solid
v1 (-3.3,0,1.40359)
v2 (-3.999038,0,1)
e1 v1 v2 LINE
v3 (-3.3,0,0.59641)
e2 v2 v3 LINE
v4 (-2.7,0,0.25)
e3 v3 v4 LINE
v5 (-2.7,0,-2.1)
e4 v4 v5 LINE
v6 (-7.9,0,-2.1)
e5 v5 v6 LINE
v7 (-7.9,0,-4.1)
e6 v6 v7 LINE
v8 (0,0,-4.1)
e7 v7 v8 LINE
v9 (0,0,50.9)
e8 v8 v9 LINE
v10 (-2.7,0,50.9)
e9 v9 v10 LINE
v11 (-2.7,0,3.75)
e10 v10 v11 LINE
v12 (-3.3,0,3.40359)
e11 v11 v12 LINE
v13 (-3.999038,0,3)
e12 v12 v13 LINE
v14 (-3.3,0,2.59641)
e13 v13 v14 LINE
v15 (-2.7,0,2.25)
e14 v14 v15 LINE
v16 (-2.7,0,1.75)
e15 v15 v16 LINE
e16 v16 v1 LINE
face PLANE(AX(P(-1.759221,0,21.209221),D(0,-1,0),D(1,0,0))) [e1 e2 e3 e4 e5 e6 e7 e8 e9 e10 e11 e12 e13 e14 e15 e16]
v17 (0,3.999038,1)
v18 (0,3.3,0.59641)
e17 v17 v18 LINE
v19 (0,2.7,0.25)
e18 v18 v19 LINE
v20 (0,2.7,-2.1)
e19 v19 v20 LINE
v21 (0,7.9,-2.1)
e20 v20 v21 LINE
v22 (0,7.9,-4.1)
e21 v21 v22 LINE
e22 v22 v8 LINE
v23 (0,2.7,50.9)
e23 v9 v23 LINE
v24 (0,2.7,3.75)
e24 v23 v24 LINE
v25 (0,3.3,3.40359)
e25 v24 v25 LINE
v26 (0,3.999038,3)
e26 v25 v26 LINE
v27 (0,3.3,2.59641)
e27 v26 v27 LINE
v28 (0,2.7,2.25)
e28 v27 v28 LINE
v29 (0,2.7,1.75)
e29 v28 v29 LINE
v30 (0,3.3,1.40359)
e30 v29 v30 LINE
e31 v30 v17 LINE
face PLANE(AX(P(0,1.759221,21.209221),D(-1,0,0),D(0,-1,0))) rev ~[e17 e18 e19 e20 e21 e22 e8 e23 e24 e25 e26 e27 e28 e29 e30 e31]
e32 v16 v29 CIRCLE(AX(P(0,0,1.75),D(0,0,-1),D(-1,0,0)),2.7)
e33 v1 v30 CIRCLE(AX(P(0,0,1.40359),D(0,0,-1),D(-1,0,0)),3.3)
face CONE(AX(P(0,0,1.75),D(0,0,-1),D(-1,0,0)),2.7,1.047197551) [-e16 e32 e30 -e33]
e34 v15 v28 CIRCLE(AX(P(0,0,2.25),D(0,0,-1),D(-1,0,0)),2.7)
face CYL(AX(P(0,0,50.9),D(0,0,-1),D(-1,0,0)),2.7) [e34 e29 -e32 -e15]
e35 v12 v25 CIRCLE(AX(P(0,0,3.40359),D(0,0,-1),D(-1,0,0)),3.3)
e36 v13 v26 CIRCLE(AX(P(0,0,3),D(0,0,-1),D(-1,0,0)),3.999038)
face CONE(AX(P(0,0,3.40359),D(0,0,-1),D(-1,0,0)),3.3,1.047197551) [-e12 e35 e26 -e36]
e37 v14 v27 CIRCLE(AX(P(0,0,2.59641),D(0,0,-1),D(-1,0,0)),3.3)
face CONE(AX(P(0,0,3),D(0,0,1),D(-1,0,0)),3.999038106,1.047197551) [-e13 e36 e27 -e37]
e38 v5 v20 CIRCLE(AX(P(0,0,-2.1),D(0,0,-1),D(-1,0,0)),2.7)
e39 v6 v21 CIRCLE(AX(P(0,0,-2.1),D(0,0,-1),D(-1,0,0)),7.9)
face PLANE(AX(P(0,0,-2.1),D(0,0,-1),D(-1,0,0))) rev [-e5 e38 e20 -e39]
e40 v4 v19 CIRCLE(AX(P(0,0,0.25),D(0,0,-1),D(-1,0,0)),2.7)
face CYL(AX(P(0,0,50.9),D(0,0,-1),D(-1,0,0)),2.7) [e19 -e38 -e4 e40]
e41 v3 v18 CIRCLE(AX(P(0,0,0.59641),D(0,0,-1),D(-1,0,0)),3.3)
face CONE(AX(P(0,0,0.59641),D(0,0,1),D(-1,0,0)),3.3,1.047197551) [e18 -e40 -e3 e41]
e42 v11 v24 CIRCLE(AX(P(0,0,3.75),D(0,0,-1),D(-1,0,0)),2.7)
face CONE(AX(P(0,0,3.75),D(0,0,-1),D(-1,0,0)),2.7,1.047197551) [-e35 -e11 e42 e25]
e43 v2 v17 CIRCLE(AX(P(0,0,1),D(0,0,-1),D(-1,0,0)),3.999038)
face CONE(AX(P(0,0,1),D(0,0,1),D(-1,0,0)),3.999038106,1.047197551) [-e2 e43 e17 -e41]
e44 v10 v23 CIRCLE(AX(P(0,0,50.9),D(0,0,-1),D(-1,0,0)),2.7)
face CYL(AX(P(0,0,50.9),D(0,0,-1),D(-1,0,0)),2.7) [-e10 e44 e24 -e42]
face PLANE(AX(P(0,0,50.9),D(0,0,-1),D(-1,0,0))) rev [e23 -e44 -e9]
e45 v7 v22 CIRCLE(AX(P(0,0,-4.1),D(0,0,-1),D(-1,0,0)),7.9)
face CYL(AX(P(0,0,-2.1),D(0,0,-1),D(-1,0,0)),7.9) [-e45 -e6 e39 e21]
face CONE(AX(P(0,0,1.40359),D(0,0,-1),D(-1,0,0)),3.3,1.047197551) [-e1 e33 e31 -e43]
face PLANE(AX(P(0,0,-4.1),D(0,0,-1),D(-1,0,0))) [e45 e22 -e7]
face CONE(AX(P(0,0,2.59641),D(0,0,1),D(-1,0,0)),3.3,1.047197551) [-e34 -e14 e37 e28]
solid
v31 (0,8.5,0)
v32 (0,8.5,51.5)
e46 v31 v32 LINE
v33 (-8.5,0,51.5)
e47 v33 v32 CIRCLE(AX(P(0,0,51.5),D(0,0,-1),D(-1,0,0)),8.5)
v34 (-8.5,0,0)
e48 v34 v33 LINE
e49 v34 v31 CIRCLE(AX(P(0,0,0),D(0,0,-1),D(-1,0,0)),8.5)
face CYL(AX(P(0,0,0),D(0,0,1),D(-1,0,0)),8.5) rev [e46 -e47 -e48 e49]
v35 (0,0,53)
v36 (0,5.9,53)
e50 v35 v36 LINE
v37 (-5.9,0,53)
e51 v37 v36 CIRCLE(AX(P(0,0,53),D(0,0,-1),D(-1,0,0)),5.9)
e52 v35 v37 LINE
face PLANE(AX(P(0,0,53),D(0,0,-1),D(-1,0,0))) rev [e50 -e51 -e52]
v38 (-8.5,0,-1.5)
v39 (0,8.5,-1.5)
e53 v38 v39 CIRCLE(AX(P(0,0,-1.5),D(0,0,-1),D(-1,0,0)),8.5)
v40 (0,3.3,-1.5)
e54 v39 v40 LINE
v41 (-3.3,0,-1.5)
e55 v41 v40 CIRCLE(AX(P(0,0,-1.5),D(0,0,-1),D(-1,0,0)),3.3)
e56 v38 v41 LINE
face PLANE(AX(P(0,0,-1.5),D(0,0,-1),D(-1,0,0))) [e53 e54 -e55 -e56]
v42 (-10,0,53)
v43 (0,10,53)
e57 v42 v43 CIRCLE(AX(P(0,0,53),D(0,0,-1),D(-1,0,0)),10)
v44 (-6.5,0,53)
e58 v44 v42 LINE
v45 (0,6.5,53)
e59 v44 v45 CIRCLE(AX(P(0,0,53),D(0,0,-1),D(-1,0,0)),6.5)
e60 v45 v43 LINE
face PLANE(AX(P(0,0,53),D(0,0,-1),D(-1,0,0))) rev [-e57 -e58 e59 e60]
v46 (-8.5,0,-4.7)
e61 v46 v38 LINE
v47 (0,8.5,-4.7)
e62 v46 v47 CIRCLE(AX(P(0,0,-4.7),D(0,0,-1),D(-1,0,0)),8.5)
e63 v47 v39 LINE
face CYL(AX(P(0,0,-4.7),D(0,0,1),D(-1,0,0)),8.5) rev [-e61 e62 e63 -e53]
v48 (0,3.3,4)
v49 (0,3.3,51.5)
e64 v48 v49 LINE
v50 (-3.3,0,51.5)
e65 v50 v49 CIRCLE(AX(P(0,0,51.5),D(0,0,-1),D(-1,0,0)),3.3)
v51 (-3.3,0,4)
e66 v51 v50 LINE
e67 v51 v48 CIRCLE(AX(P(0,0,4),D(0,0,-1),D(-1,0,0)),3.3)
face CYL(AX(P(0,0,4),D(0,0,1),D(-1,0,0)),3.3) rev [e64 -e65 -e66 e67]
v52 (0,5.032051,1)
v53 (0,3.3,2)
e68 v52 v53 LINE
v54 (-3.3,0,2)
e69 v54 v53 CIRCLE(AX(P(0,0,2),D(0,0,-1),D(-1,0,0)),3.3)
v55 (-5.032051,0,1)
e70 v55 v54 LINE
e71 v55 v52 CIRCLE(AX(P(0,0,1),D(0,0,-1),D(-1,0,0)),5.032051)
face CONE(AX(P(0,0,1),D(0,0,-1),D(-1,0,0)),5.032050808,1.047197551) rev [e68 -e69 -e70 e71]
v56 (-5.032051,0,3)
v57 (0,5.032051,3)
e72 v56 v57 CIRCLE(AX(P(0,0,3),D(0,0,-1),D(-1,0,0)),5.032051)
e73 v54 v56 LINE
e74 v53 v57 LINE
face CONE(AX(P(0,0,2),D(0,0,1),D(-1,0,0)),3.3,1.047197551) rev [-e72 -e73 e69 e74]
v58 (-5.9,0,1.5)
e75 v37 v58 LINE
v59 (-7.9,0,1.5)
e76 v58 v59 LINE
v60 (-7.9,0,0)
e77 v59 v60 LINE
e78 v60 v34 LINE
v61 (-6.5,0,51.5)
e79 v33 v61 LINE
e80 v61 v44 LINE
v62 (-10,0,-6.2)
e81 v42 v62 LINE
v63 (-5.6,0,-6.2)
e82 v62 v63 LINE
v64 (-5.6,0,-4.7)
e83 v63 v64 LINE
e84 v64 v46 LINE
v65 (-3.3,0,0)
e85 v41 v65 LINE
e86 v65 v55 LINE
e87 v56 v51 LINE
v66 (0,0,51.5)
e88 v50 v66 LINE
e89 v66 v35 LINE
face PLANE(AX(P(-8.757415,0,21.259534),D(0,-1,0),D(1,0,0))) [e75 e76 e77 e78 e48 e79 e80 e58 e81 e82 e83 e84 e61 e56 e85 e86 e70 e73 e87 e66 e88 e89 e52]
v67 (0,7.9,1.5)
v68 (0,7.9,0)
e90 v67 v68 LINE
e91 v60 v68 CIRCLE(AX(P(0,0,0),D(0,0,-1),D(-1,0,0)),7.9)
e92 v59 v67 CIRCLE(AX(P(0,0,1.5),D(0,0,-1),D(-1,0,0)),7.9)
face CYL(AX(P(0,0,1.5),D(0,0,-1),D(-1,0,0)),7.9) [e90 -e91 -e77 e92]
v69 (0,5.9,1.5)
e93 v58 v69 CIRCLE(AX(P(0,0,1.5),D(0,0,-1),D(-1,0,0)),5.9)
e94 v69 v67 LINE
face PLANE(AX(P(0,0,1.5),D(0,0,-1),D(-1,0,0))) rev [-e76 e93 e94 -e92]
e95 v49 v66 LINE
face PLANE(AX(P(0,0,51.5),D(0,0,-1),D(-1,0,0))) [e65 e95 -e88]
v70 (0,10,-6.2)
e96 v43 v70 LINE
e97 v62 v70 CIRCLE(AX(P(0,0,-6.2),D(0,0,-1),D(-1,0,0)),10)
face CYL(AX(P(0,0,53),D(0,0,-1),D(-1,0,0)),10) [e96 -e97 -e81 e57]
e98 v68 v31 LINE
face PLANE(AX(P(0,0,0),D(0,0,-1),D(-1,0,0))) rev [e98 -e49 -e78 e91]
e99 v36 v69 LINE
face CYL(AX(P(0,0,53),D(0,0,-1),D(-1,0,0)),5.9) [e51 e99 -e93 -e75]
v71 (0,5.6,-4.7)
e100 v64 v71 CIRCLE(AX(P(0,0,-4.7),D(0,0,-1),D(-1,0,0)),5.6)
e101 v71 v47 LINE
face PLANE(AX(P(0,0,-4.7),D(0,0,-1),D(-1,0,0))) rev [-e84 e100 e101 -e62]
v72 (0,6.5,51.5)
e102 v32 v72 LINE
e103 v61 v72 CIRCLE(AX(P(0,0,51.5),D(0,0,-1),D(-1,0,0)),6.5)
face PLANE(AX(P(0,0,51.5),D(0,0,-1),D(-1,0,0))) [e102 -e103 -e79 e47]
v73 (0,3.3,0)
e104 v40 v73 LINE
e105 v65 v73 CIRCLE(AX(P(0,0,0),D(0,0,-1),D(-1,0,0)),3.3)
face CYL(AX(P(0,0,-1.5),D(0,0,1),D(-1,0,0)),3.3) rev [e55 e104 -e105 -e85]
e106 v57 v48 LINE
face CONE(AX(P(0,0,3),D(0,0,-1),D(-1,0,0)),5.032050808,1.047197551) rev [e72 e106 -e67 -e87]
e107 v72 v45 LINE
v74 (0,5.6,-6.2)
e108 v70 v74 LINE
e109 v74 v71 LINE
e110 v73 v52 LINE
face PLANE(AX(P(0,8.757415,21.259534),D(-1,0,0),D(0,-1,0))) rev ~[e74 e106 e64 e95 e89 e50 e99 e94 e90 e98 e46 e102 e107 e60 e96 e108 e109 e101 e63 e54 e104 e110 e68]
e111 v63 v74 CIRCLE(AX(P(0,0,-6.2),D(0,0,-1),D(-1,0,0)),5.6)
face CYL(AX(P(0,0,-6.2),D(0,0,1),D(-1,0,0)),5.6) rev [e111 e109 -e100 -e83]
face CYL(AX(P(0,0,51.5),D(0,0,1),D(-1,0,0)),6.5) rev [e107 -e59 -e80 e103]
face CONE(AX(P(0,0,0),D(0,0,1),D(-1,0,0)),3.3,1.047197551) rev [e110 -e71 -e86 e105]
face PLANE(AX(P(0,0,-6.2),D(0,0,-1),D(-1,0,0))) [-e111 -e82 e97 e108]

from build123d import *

# Parameters (mm, degrees)
F1_ANGLE = 90


with BuildPart() as f1:
    # F0 (on Front) → F1 (revolve)
    with BuildSketch(Plane.XZ):
        Polygon((-8.5, -1.5), (-3.3, -1.5), (-3.3, 0), (-7.9, 0), (-8.5, 0), (-8.5, 51.5), (-6.5, 51.5), (-6.5, 53), (-10, 53), (-10, -6.2), (-5.6, -6.2), (-5.6, -4.7), (-8.5, -4.7), align=None)
        Polygon((-7.9, 0), (-3.3, 0), (-5.0320508076, 1), (-3.3, 2), (-5.0320508076, 3), (-3.3, 4), (-3.3, 51.5), (0, 51.5), (0, 53), (-5.9, 53), (-5.9, 1.5), (-7.9, 1.5), align=None)
    revolve(axis=Axis((0, 0, 0), (0, 0, -1)), revolution_arc=F1_ANGLE)


with BuildPart() as f1b:
    # F0 (on Front) → F1, piece 2 (revolve)
    with BuildSketch(Plane.XZ):
        Polygon((-2.7, 1.75), (-2.7, 0.25), (-2.7, 0), (-2.7, -2.1), (-7.9, -2.1), (-7.9, -4.1), (0, -4.1), (0, 50), (0, 50.9), (-2.7, 50.9), (-2.7, 3.75), (-2.7, 2.25), align=None)
        Polygon((-3.9990381057, 1), (-3.3, 0.5964101615), (-3.3, 1.4035898385), align=None)
        Polygon((-3.3, 1.4035898385), (-3.3, 0.5964101615), (-2.7, 0.25), (-2.7, 1.75), align=None)
        Polygon((-3.9990381057, 3), (-3.3, 2.5964101615), (-3.3, 3.4035898385), align=None)
        Polygon((-3.3, 3.4035898385), (-3.3, 2.5964101615), (-2.7, 2.25), (-2.7, 3.75), align=None)
    revolve(axis=Axis((0, 0, 0), (0, 0, -1)), revolution_arc=F1_ANGLE)


solid = Compound([f1.part, f1b.part])
